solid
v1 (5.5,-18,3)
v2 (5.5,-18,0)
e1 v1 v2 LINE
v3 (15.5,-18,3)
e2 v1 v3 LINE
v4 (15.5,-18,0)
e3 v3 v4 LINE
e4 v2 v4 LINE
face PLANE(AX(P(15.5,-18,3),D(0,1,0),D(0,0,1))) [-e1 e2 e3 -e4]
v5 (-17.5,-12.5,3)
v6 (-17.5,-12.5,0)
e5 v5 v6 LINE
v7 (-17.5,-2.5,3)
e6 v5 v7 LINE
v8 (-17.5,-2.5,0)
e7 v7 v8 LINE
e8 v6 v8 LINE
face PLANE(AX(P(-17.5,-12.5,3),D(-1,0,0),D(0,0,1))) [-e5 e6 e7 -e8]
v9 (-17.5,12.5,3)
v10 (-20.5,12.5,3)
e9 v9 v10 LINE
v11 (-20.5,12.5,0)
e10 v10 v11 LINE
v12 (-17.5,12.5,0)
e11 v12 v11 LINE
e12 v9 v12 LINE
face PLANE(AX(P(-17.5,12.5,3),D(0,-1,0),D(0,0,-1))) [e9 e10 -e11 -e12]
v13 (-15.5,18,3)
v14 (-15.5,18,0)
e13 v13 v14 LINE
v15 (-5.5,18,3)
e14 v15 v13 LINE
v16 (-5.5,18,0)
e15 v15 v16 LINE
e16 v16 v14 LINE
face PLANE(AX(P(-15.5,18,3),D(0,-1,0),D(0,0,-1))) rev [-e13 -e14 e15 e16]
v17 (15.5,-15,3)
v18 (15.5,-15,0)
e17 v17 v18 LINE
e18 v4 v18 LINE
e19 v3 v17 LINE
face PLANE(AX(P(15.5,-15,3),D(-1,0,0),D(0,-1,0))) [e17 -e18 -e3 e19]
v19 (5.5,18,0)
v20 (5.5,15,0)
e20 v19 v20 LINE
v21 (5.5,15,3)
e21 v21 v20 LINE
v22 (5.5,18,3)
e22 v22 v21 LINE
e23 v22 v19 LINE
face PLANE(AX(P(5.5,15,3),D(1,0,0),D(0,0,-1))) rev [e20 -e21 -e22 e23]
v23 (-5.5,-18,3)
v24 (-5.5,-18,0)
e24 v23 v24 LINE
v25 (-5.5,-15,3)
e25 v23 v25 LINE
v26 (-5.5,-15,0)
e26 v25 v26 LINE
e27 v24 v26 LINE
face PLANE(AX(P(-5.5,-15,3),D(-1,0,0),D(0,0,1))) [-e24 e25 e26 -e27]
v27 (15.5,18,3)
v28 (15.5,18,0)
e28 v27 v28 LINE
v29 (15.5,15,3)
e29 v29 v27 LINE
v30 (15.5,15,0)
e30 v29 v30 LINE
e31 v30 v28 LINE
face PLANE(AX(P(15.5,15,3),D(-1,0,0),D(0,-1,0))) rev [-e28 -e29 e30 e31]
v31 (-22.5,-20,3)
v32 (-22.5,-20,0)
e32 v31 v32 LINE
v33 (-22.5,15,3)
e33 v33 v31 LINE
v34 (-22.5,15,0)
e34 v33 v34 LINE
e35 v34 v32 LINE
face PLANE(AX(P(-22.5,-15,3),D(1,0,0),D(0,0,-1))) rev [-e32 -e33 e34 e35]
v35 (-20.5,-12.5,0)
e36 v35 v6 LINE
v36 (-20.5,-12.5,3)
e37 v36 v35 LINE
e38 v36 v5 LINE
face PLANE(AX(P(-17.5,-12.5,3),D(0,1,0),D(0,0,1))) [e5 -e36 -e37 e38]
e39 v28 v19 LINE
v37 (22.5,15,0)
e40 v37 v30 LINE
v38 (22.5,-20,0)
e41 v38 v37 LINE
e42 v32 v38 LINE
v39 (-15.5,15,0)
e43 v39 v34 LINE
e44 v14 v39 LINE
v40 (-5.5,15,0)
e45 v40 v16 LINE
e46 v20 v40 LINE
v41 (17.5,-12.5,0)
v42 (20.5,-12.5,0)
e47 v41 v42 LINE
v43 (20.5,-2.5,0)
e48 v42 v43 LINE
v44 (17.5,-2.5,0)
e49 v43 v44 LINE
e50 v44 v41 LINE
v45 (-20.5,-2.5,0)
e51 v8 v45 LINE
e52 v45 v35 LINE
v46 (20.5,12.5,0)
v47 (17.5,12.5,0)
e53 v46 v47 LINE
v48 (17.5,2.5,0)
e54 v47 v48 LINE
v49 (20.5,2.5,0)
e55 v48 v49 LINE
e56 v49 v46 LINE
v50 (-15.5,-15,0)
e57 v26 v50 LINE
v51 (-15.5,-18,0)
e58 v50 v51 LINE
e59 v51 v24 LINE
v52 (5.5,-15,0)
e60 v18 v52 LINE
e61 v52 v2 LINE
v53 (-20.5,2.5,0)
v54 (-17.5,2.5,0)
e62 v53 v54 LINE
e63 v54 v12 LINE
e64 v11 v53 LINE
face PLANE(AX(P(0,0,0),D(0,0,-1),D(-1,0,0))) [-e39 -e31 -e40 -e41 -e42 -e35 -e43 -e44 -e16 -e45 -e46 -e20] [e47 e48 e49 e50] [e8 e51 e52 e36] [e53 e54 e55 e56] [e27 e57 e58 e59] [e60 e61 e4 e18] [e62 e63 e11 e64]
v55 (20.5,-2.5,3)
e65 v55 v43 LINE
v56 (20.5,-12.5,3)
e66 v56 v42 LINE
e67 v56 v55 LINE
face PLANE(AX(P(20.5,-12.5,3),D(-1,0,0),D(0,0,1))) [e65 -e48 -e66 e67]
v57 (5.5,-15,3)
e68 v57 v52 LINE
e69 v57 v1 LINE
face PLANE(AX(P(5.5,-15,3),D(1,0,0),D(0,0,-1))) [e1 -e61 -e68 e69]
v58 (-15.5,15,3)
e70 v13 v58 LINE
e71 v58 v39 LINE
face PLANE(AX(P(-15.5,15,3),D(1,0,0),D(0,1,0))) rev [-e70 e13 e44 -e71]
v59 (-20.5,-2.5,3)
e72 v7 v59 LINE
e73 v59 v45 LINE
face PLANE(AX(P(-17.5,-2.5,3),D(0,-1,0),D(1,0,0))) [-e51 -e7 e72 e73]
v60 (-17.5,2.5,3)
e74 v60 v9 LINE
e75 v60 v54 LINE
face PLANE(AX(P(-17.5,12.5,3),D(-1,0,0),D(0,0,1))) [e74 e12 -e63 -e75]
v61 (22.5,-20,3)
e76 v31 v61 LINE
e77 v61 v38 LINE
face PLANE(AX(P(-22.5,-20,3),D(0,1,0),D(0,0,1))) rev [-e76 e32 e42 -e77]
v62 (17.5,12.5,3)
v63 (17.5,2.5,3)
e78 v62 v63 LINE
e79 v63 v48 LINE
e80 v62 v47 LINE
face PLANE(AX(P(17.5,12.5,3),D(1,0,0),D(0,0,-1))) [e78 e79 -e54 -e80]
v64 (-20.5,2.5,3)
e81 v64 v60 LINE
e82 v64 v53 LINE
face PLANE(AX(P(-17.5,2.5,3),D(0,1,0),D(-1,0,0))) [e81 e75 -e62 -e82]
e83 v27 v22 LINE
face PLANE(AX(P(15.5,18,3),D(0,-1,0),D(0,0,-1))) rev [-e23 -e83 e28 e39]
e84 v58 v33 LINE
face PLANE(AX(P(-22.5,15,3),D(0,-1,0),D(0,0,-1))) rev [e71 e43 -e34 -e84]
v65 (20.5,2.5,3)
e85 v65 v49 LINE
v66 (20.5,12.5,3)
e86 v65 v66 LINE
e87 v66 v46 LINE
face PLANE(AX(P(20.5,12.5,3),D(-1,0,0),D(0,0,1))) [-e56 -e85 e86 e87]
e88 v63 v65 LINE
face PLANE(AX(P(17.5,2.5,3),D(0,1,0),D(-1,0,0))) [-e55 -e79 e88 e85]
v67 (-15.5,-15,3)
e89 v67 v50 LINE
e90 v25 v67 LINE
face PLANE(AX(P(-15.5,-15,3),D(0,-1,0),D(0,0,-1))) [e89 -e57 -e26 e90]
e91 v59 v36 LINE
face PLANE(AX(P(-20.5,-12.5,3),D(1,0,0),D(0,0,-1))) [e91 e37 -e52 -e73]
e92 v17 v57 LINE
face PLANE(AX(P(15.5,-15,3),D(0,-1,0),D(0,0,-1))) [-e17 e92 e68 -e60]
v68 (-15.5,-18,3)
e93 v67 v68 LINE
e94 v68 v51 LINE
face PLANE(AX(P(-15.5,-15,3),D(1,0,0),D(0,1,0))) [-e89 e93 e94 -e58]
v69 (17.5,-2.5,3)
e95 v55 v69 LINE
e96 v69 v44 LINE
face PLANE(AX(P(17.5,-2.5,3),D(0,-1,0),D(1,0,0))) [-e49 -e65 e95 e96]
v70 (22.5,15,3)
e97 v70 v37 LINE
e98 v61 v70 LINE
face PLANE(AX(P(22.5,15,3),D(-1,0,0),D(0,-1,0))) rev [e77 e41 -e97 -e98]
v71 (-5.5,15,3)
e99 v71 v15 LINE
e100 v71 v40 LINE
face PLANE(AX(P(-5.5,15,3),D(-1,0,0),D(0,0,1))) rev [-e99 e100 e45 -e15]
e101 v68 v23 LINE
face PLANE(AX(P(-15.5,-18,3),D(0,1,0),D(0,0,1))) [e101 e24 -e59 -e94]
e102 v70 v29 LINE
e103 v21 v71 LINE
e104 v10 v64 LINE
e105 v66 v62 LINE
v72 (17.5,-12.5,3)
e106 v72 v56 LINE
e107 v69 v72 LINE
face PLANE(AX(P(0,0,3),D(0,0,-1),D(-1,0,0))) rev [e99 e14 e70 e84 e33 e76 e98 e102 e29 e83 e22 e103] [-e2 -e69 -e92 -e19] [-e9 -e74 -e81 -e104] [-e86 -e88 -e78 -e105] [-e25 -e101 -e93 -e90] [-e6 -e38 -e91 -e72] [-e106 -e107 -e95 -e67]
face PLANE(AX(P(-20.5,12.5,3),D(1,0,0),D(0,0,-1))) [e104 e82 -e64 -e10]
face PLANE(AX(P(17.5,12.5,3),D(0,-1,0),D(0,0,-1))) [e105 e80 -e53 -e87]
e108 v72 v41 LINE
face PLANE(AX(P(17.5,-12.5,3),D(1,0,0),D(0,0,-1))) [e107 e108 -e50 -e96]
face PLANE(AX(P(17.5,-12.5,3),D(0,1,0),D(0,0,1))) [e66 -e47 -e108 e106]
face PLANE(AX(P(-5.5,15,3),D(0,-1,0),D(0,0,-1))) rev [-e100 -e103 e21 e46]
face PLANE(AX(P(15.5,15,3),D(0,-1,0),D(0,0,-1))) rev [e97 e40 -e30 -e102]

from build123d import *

# Parameters (mm, degrees)
SKETCH_1_W      = 10
SKETCH_1_H      = 3
SKETCH_1_W_2    = 3
SKETCH_1_H_2    = 10
EXTRUDE_1_DEPTH = 3


with BuildPart() as part:
    # 草图1 → 凸台-拉伸1 (new body)
    with BuildSketch(Plane.XY):
        Polygon((-22.5, 15), (-15.5, 15), (-15.5, 18), (-5.5, 18), (-5.5, 15), (5.5, 15), (5.5, 18), (15.5, 18), (15.5, 15), (22.5, 15), (22.5, -15), (22.5, -20), (-22.5, -20), (-22.5, -15), align=None)
        with Locations((-10.5, -16.5)):
            Rectangle(SKETCH_1_W, SKETCH_1_H, mode=Mode.SUBTRACT)
        with Locations((-19, -7.5)):
            Rectangle(SKETCH_1_W_2, SKETCH_1_H_2, mode=Mode.SUBTRACT)
        with Locations((10.5, -16.5)):
            Rectangle(SKETCH_1_W, SKETCH_1_H, mode=Mode.SUBTRACT)
        with Locations((-19, 7.5)):
            Rectangle(SKETCH_1_W_2, SKETCH_1_H_2, mode=Mode.SUBTRACT)
        with Locations((19, -7.5)):
            Rectangle(SKETCH_1_W_2, SKETCH_1_H_2, mode=Mode.SUBTRACT)
        with Locations((19, 7.5)):
            Rectangle(SKETCH_1_W_2, SKETCH_1_H_2, mode=Mode.SUBTRACT)
    extrude(amount=EXTRUDE_1_DEPTH)


solid = part.part
